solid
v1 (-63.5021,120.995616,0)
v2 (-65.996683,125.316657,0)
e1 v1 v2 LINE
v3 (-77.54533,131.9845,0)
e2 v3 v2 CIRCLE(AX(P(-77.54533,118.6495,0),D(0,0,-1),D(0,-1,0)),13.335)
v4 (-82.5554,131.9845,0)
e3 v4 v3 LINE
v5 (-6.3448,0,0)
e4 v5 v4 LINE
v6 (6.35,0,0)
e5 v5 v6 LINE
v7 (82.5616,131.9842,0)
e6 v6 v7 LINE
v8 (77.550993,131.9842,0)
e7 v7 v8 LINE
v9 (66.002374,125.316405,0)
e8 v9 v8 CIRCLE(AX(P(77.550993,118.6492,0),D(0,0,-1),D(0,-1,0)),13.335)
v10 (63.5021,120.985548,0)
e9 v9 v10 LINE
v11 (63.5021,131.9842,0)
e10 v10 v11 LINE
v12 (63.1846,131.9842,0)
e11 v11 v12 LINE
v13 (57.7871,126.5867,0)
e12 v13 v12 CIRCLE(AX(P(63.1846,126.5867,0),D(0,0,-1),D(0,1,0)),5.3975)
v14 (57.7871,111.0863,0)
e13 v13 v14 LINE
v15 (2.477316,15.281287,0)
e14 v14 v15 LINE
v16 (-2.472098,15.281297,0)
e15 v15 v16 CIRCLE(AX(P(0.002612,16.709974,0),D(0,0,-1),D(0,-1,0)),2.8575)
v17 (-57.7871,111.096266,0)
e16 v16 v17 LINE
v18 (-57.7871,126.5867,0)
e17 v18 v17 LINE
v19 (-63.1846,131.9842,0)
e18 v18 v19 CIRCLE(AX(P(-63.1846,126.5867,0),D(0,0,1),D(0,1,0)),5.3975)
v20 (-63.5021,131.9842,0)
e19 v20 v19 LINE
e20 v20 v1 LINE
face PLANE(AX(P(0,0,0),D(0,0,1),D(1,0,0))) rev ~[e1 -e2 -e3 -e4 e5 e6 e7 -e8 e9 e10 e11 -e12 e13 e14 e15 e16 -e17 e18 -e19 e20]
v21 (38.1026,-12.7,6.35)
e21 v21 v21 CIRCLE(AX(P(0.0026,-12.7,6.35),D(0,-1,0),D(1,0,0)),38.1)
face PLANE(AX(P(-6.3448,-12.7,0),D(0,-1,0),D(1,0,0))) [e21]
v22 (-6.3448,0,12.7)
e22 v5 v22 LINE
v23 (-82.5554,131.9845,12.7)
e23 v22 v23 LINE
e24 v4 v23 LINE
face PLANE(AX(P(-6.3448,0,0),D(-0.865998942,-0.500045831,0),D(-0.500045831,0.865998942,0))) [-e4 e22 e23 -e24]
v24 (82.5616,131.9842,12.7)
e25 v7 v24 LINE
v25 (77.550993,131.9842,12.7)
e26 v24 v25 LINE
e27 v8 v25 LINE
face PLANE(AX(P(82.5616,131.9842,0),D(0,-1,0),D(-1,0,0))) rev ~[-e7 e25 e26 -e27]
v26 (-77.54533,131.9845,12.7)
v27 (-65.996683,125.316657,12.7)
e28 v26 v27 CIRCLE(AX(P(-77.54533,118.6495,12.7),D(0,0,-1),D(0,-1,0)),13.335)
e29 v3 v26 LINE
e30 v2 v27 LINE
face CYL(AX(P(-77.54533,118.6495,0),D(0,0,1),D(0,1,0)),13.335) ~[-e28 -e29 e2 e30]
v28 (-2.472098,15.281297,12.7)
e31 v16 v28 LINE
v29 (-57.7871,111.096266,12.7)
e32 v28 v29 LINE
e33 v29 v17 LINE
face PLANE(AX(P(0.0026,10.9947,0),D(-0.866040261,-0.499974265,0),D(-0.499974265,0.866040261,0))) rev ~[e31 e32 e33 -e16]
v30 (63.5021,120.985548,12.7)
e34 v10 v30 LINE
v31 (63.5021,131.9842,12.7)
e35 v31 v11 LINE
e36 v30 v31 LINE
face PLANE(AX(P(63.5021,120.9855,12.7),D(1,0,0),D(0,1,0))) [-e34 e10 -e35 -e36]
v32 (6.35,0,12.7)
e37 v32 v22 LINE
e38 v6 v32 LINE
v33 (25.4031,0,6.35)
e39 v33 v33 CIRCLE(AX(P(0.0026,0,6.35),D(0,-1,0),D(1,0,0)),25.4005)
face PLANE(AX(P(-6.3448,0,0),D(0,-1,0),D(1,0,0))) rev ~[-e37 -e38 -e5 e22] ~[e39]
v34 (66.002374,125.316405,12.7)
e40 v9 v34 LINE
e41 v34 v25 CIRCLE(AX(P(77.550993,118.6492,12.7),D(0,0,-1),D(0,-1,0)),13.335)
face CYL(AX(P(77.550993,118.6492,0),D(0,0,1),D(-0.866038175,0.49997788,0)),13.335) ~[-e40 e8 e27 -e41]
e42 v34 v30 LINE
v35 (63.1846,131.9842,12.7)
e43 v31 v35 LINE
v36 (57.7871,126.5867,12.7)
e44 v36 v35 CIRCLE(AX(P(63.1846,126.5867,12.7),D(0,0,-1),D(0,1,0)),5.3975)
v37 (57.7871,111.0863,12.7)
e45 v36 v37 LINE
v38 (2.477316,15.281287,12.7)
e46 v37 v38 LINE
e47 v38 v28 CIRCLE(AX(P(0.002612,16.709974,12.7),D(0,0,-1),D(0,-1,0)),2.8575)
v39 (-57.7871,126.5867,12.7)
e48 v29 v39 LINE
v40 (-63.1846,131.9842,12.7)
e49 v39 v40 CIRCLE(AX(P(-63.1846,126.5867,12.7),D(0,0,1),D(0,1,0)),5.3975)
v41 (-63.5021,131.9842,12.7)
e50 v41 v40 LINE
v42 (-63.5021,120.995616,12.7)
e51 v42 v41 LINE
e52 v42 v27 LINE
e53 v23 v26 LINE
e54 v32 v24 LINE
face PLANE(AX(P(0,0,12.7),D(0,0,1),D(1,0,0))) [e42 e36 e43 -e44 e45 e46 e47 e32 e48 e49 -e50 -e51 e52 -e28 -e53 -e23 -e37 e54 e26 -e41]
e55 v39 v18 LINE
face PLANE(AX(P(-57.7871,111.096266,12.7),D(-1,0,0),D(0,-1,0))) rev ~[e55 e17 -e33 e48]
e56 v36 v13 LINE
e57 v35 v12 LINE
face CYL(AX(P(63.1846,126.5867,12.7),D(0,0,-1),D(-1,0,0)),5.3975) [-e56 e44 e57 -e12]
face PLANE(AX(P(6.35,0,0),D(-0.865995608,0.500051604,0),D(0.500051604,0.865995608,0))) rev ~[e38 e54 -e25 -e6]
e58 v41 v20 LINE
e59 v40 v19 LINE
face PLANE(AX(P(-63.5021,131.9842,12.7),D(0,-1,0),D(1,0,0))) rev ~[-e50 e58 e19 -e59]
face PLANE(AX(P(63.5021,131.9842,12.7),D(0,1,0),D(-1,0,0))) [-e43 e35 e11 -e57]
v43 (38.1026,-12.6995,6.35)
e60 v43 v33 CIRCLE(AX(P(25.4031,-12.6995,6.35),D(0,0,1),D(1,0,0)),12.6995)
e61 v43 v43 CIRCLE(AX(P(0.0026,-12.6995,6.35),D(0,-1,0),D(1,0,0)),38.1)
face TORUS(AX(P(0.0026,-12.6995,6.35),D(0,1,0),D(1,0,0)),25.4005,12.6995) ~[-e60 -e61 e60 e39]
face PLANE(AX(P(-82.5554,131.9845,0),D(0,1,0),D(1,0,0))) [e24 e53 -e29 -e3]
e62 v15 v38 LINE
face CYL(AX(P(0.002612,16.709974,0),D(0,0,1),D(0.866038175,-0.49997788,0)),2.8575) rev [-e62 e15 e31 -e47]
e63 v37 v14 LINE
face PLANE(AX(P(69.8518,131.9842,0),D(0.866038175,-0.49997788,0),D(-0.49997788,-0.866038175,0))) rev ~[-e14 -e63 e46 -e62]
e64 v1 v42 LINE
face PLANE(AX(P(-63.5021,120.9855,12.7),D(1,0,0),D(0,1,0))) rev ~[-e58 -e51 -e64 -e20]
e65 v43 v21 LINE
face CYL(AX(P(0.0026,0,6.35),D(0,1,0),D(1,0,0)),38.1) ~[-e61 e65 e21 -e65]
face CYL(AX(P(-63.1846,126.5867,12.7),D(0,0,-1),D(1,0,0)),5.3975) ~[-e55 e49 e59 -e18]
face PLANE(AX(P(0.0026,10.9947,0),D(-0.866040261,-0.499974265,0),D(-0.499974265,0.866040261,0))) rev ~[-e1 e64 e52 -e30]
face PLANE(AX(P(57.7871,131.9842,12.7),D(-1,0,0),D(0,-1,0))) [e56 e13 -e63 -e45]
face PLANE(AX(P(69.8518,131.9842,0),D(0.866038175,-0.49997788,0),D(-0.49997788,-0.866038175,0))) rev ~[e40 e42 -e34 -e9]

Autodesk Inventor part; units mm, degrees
ref_plane "YZ Plane" through (0, 0, 0) normal (1, 0, 0) x (0, 1, 0)
ref_plane "XZ Plane" through (0, 0, 0) normal (0, 1, 0) x (-1, 0, 0)
ref_plane "XY Plane" through (0, 0, 0) normal (0, 0, 1) x (1, 0, 0)
sketch "Sketch1" plane through (0, 0, 0) normal (0, 0, 1) x (1, 0, 0)
  line L0 (0, 0) -> (6.35, 0)
  line L1 (0, 0) -> (-6.3448, 0)
  line L2 (6.35, 0) -> (82.5616, 131.9842)
  line L3 (82.5616, 131.9842) -> (69.8518, 131.9842)
  line L4 (69.8518, 131.9842) -> (0.0026, 10.9947)
  line L5 (0.0026, 10.9947) -> (-69.8461, 131.9845)
  line L6 (-6.3448, 0) -> (-82.5554, 131.9845)
  line L7 (-82.5554, 131.9845) -> (-69.8461, 131.9845)
  dimension "d2" = 6.35
extrude "Extrusion1" add sketch "Sketch1" along normal blind 12.7
sketch "Sketch2" plane through (-6.3448, 0, 0) normal (0, -1, 0) x (1, 0, 0)
  circle A0 centre (6.3474, 6.35) radius 38.1
  point P0 (6.3448, 0)
  dimension "d7" = 76.2
extrude "Extrusion2" add sketch "Sketch2" along normal blind 12.7
fillet "Fillet1" radius 12.7 1 edges at (-38.0974, 0, 6.35)
fillet "Fillet2" radius 2.8575 1 edges at (0.0026, 10.9947, 6.35)
sketch "Sketch4" plane through (0, 0, 12.7) normal (0, 0, 1) x (1, 0, 0)
  line L0 (82.5616, 131.9842) -> (69.8518, 131.9842) construction
  line L1 (69.8518, 131.9842) -> (2.4773, 15.2813) construction
  line L2 (63.5021, 120.9855) -> (63.5021, 131.9842)
  line L3 (63.5021, 131.9842) -> (57.7871, 131.9842)
  line L4 (57.7871, 131.9842) -> (57.7871, 111.0863)
  line L5 (-63.5021, 120.9855) -> (-63.5021, 131.9842)
  line L6 (-63.5021, 131.9842) -> (-57.7871, 131.9842)
  line L7 (-57.7871, 131.9842) -> (-57.7871, 111.0862)
  line L8 (-63.5021, 120.9855) -> (-57.7871, 111.0862)
  line L9 (-2.4721, 15.2813) -> (-69.8461, 131.9845) projected
  line L10 (57.7871, 111.0863) -> (63.5021, 120.9855)
  point P0 (0, 0)
  dimension "d19" = 12.7
  dimension "d20" = 5.715
extrude "Extrusion4" add sketch "Sketch4" against normal blind 12.7
fillet "Fillet5" radius 5.3975 2 edges at (57.7871, 131.9842, 6.35) (-57.7871, 131.9842, 6.35)
fillet "Fillet6" radius 13.335 2 edges at (69.8518, 131.9842, 6.35) (-69.8461, 131.9845, 6.35)
properties part number "mask holder" material "Rubber"
